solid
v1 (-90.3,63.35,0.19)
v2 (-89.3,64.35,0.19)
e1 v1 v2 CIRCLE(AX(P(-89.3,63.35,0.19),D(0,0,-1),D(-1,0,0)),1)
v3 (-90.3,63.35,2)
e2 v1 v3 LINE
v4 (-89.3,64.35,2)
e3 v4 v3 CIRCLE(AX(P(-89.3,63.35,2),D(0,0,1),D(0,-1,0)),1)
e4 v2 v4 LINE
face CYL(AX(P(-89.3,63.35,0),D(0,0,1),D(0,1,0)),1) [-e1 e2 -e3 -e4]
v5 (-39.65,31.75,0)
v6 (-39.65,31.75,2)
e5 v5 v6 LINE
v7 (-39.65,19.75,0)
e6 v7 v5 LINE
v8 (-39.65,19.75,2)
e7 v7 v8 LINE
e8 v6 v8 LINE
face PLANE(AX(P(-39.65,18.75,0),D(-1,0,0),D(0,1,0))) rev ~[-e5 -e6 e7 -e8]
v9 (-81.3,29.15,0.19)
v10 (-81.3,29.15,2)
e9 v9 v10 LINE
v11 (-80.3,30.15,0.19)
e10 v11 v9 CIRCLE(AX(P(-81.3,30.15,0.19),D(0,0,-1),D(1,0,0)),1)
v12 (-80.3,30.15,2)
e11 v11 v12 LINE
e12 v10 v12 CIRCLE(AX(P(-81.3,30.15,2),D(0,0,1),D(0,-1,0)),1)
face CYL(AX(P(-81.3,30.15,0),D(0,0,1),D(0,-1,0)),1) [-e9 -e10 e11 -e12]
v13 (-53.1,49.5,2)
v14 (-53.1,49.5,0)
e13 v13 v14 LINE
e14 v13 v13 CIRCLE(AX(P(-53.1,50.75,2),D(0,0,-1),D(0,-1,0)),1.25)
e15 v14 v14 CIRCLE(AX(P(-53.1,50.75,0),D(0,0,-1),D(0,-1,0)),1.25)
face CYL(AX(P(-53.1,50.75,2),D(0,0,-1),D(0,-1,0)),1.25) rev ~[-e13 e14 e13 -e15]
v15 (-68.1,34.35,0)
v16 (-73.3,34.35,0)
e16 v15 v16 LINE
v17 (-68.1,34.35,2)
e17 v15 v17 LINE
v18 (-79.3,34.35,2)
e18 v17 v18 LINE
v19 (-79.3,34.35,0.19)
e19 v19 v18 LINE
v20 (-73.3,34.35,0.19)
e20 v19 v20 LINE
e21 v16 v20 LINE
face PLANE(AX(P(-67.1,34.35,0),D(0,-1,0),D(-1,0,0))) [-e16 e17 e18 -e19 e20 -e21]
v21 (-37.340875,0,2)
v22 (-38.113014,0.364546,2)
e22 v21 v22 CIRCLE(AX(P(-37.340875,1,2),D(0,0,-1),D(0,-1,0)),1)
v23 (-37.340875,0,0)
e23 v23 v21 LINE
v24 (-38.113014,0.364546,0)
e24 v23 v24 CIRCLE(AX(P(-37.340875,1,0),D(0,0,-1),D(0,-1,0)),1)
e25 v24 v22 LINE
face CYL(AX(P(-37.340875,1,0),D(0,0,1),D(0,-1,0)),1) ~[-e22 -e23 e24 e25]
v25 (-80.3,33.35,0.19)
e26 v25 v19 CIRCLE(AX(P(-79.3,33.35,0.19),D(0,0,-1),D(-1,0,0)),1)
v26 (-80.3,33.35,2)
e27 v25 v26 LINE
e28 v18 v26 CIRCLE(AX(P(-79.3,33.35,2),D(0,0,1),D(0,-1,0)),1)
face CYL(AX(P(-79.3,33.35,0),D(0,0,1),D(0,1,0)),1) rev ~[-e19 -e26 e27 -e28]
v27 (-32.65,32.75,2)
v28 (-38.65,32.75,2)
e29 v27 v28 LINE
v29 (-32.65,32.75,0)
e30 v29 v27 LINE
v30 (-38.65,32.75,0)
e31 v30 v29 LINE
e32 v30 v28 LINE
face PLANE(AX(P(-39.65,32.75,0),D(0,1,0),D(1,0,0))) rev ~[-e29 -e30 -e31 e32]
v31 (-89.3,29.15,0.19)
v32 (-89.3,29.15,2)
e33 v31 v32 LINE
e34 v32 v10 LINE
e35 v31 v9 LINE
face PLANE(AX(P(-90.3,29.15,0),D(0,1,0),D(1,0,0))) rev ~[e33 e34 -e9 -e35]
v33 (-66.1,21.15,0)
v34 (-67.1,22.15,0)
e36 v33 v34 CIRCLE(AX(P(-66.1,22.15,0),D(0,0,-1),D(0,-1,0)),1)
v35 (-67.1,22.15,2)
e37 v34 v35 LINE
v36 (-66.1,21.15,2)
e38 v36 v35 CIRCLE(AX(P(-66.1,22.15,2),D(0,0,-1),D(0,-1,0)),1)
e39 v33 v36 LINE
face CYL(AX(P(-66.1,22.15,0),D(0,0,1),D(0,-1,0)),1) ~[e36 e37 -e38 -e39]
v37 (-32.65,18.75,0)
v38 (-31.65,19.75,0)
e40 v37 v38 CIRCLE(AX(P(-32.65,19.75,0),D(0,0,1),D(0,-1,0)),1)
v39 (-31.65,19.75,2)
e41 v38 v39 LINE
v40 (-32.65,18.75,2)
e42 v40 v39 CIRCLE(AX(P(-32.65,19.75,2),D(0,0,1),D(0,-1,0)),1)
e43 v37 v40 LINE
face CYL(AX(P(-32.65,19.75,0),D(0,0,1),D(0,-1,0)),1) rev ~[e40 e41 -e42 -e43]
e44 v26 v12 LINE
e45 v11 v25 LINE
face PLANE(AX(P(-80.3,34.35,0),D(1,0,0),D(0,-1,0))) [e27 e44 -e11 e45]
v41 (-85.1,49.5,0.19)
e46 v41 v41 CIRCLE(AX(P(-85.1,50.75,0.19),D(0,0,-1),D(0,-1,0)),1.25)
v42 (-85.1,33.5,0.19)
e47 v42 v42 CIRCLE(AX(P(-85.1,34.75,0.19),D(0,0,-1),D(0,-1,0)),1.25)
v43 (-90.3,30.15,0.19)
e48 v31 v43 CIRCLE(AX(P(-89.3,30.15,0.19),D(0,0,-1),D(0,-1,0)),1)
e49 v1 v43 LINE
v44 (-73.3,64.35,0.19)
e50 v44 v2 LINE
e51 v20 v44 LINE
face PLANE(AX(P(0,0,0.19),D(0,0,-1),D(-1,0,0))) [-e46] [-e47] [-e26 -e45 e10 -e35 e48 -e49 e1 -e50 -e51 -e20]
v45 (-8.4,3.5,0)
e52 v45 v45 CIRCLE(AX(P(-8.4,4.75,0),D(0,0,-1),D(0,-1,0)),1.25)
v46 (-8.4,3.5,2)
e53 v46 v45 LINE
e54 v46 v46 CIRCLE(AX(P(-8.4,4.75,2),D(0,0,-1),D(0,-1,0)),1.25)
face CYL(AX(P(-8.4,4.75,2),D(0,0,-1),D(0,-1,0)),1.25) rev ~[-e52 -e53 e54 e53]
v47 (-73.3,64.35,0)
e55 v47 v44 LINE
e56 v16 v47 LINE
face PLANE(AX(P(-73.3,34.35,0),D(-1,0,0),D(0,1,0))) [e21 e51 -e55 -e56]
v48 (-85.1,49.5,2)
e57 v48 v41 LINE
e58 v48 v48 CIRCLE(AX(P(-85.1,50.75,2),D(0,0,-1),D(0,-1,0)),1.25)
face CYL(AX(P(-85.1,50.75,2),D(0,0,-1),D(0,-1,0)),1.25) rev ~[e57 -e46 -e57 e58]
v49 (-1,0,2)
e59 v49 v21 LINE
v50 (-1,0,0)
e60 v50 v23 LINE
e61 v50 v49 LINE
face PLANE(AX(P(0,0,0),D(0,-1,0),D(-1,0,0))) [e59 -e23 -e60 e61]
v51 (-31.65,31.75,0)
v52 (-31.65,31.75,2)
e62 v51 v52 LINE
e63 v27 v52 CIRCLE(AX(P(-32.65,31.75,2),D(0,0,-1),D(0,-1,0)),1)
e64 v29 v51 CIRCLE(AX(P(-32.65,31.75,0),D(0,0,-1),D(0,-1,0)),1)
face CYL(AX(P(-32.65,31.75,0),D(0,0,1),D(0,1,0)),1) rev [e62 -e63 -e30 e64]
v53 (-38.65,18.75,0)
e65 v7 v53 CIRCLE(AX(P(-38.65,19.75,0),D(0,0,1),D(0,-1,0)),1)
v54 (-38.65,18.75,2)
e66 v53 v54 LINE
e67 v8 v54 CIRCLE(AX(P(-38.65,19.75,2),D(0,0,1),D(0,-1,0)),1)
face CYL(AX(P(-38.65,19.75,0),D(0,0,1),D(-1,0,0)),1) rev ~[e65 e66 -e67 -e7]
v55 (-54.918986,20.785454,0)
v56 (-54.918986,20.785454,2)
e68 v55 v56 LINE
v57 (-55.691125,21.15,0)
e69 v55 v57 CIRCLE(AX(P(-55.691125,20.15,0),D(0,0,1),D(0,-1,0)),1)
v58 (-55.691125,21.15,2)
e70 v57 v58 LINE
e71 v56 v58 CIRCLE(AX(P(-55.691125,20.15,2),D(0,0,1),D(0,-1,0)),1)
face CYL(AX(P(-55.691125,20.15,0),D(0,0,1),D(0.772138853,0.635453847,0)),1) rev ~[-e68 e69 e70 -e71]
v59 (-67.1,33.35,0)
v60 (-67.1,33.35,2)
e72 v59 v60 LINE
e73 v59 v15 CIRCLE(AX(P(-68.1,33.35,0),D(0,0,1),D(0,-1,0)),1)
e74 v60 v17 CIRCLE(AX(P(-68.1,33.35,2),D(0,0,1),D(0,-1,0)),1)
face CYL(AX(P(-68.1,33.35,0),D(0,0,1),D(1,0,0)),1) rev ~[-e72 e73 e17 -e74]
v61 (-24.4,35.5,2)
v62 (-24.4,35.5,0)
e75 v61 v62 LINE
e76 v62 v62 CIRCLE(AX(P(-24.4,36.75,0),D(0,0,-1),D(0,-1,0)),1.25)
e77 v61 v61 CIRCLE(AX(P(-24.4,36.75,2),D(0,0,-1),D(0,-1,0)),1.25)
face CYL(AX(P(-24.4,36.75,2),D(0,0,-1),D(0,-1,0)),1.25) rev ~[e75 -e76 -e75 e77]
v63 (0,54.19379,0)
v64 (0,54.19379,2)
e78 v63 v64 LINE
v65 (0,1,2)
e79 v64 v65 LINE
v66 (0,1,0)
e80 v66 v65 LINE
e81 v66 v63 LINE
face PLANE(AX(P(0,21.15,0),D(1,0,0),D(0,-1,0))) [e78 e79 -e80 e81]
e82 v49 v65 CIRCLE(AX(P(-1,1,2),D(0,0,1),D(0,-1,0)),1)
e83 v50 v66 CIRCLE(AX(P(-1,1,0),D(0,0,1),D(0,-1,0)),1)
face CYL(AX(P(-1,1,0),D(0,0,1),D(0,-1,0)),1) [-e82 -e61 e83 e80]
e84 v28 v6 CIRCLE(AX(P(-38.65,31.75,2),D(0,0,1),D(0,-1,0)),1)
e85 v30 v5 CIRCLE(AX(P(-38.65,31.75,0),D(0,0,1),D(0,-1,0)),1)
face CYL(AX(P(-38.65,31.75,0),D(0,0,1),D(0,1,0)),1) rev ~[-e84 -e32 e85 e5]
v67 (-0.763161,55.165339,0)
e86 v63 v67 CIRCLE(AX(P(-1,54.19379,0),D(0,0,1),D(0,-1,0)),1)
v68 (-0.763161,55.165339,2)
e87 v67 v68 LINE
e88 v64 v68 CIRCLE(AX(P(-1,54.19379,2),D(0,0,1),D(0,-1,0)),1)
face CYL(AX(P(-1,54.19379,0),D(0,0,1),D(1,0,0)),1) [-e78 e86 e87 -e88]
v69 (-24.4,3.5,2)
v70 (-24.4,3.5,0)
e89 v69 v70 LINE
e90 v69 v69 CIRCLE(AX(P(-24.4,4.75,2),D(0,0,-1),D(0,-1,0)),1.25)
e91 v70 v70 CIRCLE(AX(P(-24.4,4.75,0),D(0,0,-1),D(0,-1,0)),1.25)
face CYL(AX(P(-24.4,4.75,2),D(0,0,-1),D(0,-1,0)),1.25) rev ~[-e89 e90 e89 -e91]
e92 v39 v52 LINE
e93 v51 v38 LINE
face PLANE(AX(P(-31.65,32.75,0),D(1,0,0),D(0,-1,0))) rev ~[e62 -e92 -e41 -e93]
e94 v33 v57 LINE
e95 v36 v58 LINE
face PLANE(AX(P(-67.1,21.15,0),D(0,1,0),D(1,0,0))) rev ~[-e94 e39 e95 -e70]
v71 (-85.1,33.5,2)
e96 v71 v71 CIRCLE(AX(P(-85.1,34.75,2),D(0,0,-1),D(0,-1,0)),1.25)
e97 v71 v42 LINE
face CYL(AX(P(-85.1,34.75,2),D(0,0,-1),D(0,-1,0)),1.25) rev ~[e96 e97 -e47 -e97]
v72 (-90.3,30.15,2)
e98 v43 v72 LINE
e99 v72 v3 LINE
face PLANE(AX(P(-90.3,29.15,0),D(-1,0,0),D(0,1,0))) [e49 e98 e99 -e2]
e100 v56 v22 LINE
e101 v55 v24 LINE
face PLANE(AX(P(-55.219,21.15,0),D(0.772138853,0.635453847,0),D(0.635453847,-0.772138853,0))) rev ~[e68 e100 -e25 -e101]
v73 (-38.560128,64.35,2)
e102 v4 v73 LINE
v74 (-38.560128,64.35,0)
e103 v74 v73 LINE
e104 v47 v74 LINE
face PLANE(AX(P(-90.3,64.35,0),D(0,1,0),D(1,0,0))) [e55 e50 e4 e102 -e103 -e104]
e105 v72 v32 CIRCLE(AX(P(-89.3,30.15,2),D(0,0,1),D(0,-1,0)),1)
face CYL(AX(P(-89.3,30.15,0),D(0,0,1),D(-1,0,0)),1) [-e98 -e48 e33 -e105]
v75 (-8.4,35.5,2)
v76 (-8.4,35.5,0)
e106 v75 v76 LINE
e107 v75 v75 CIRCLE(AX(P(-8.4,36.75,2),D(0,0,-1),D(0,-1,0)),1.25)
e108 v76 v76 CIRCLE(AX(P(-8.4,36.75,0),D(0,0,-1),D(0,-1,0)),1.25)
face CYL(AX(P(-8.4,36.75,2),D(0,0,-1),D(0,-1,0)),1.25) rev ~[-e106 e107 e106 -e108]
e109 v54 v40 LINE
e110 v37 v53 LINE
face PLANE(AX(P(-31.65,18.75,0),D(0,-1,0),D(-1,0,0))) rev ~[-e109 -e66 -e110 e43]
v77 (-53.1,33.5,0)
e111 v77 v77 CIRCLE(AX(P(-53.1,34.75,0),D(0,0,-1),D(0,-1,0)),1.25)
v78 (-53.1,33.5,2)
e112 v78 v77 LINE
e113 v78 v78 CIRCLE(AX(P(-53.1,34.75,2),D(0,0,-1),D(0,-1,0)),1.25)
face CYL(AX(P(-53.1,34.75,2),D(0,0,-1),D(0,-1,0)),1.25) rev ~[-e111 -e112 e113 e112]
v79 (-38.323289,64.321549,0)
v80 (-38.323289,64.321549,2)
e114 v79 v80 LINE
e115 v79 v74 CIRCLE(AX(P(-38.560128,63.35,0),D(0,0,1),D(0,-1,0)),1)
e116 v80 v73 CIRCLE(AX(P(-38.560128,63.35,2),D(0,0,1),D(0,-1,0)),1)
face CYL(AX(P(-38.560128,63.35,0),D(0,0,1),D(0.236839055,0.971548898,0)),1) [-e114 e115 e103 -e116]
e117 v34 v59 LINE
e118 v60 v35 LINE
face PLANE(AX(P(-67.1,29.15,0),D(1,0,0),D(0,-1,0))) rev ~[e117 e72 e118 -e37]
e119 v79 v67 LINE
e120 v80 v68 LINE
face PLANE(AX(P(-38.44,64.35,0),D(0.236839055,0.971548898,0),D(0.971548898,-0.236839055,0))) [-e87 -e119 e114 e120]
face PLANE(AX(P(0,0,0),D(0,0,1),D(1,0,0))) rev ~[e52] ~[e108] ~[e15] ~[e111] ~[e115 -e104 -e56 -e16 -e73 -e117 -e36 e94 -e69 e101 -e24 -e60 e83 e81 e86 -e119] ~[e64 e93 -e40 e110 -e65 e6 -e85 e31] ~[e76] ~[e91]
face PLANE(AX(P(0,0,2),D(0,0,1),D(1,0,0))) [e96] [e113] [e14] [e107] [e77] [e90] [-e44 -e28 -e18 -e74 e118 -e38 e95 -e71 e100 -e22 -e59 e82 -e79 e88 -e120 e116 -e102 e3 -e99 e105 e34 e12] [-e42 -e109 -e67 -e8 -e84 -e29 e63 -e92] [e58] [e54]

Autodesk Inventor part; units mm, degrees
ref_plane "YZ Plane" through (0, 0, 0) normal (1, 0, 0) x (0, 1, 0)
ref_plane "XZ Plane" through (0, 0, 0) normal (0, 1, 0) x (-1, 0, 0)
ref_plane "XY Plane" through (0, 0, 0) normal (0, 0, 1) x (1, 0, 0)
sketch "スケッチ1" plane through (0, 0, 0) normal (0, 0, 1) x (1, 0, 0)
  line L0 (0, 0) -> (-90.3, 0)
  line L1 (-90.3, 0) -> (-90.3, 64.35)
  line L2 (-90.3, 64.35) -> (0, 64.35)
  line L3 (0, 64.35) -> (0, 0)
  line L4 (-90.3, 21.15) -> (0, 21.15)
  line L5 (-55.219, 21.15) -> (-37.813, 0)
  line L6 (-90.3, 29.15) -> (0, 29.15)
  line L7 (-80.3, 29.15) -> (-67.1, 29.15)
  line L8 (-67.1, 29.15) -> (-67.1, 34.35)
  line L9 (-67.1, 34.35) -> (-80.3, 34.35)
  line L10 (-80.3, 34.35) -> (-80.3, 29.15)
  line L11 (-67.1, 29.15) -> (-67.1, 21.15)
  line L12 (-38.44, 64.35) -> (0, 54.9793)
  dimension "d0" = 90.3
  dimension "d1" = 64.35
  dimension "d2" = 21.15
  dimension "d3" = 55.219
  dimension "d4" = 37.813
  dimension "d5" = 35.2
  dimension "d6" = 10
  dimension "d7" = 5.2
  dimension "d8" = 13.2
  dimension "d9" = 166.3
  dimension "d10" = 51.86
extrude "押し出し1" add sketch "スケッチ1" along normal blind 2 contours L0 L5 L4 L3 | L4 L11 L6 L3 | L6 L8 L9 L10 L1 L2 L12 L3
sketch "スケッチ2" plane through (0, 0, 2) normal (0, 0, 1) x (1, 0, 0)
  line L0 (-85.1, 34.75) -> (-53.1, 34.75)
  line L1 (-53.1, 34.75) -> (-53.1, 50.75)
  line L2 (-53.1, 50.75) -> (-85.1, 50.75)
  line L3 (-85.1, 50.75) -> (-85.1, 34.75)
  line L4 (-90.3, 29.15) -> (-80.3, 29.15) projected
  line L5 (-90.3, 64.35) -> (-90.3, 29.15) projected
  line L6 (-8.4, 4.75) -> (-24.4, 4.75)
  line L7 (-24.4, 4.75) -> (-24.4, 36.75)
  line L8 (-24.4, 36.75) -> (-8.4, 36.75)
  line L9 (-8.4, 36.75) -> (-8.4, 4.75)
  line L10 (0, 0) -> (0, 54.9793) projected
  line L11 (-37.813, 0) -> (0, 0) projected
  dimension "d13" = 5.6
  dimension "d14" = 5.2
  dimension "d15" = 16
  dimension "d16" = 32
  dimension "d17" = 8.4
  dimension "d18" = 4.75
  dimension "d19" = 16
  dimension "d20" = 32
hole "穴1" at (-85.1, 50.75, 2) at (-85.1, 34.75, 2) at (-53.1, 34.75, 2) at (-53.1, 50.75, 2) at (-24.4, 4.75, 2) at (-8.4, 4.75, 2) at (-8.4, 36.75, 2) at (-24.4, 36.75, 2) direction (0, 0, -1) diameter 2.5 end through all
fillet "フィレット1" radius 1 11 edges at (0, 0, 1) (0, 54.9793, 1) (-90.3, 64.35, 1) (-90.3, 29.15, 1) (-80.3, 29.15, 1) (-80.3, 34.35, 1) (-67.1, 34.35, 1) (-67.1, 21.15, 1) (-55.219, 21.15, 1) (-37.813, 0, 1) (-38.44, 64.35, 1)
sketch "スケッチ3" plane through (0, 0, 0) normal (0, 0, -1) x (-1, 0, 0)
  line L0 (31.65, 18.75) -> (39.65, 18.75)
  line L1 (39.65, 18.75) -> (39.65, 32.75)
  line L2 (39.65, 32.75) -> (31.65, 32.75)
  line L3 (31.65, 32.75) -> (31.65, 18.75)
  circle A0 centre (24.4, 4.75) radius 1.25 projected
  circle A1 centre (24.4, 36.75) radius 1.25 projected
  point P0 (0, 0)
  dimension "d29" = 14
  dimension "d30" = 14
  dimension "d31" = 8
  dimension "d32" = 6
extrude "押し出し2" cut sketch "スケッチ3" against normal blind 10 contours L3 L2 L1 L0
fillet "フィレット2" radius 1 4 edges at (-31.65, 18.75, 1) (-31.65, 32.75, 1) (-39.65, 32.75, 1) (-39.65, 18.75, 1)
sketch "スケッチ5" plane through (0, 0, 0) normal (0, 0, -1) x (-1, 0, 0)
  line L0 (79.3, 34.35) -> (68.1, 34.35) projected
  line L1 (73.3, 34.35) -> (73.3, 64.35)
  line L2 (38.5601, 64.35) -> (89.3, 64.35) projected
  line L3 (90.3, 63.35) -> (90.3, 30.15) projected
  arc A0 (80.3, 33.35) -> (79.3, 34.35) centre (79.3, 33.35) ccw projected
  arc A1 (80.3, 33.35) -> (79.3, 34.35) centre (79.3, 33.35) ccw
  arc A2 (80.3, 30.15) -> (81.3, 29.15) centre (81.3, 30.15) ccw projected
  arc A3 (80.3, 30.15) -> (81.3, 29.15) centre (81.3, 30.15) ccw
  arc A4 (89.3, 29.15) -> (90.3, 30.15) centre (89.3, 30.15) ccw projected
  arc A5 (89.3, 29.15) -> (90.3, 30.15) centre (89.3, 30.15) ccw
  arc A6 (90.3, 63.35) -> (89.3, 64.35) centre (89.3, 63.35) ccw projected
  arc A7 (90.3, 63.35) -> (89.3, 64.35) centre (89.3, 63.35) ccw
  line L4 (73.3, 64.35) -> (89.3, 64.35)
  line L5 (90.3, 63.35) -> (90.3, 30.15)
  line L6 (89.3, 29.15) -> (81.3, 29.15)
  line L7 (80.3, 30.15) -> (80.3, 33.35)
  line L8 (79.3, 34.35) -> (73.3, 34.35)
  point P0 (0, 0)
  dimension "d36" = 17
extrude "押し出し3" cut sketch "スケッチ5" against normal blind 0.19
equation "\"BendRadius\" = Thickness"
equation "\"BendReliefWidth\" = Thickness"
equation "\"BendReliefDepth\" = 0.5 * Thickness"
equation "\"CornerReliefSize\" = 4 * Thickness"
equation "\"MinimumRemnant\" = 2 * Thickness"
equation "\"TransitionRadius\" = BendRadius"
equation "\"JacobiRadiusSize\" = BendRadius"
equation "\"GapSize\" = Thickness"
equation "\"Thickness\" = 3.048"
properties part number "connectplate2" material "アルミニウム 6061"
